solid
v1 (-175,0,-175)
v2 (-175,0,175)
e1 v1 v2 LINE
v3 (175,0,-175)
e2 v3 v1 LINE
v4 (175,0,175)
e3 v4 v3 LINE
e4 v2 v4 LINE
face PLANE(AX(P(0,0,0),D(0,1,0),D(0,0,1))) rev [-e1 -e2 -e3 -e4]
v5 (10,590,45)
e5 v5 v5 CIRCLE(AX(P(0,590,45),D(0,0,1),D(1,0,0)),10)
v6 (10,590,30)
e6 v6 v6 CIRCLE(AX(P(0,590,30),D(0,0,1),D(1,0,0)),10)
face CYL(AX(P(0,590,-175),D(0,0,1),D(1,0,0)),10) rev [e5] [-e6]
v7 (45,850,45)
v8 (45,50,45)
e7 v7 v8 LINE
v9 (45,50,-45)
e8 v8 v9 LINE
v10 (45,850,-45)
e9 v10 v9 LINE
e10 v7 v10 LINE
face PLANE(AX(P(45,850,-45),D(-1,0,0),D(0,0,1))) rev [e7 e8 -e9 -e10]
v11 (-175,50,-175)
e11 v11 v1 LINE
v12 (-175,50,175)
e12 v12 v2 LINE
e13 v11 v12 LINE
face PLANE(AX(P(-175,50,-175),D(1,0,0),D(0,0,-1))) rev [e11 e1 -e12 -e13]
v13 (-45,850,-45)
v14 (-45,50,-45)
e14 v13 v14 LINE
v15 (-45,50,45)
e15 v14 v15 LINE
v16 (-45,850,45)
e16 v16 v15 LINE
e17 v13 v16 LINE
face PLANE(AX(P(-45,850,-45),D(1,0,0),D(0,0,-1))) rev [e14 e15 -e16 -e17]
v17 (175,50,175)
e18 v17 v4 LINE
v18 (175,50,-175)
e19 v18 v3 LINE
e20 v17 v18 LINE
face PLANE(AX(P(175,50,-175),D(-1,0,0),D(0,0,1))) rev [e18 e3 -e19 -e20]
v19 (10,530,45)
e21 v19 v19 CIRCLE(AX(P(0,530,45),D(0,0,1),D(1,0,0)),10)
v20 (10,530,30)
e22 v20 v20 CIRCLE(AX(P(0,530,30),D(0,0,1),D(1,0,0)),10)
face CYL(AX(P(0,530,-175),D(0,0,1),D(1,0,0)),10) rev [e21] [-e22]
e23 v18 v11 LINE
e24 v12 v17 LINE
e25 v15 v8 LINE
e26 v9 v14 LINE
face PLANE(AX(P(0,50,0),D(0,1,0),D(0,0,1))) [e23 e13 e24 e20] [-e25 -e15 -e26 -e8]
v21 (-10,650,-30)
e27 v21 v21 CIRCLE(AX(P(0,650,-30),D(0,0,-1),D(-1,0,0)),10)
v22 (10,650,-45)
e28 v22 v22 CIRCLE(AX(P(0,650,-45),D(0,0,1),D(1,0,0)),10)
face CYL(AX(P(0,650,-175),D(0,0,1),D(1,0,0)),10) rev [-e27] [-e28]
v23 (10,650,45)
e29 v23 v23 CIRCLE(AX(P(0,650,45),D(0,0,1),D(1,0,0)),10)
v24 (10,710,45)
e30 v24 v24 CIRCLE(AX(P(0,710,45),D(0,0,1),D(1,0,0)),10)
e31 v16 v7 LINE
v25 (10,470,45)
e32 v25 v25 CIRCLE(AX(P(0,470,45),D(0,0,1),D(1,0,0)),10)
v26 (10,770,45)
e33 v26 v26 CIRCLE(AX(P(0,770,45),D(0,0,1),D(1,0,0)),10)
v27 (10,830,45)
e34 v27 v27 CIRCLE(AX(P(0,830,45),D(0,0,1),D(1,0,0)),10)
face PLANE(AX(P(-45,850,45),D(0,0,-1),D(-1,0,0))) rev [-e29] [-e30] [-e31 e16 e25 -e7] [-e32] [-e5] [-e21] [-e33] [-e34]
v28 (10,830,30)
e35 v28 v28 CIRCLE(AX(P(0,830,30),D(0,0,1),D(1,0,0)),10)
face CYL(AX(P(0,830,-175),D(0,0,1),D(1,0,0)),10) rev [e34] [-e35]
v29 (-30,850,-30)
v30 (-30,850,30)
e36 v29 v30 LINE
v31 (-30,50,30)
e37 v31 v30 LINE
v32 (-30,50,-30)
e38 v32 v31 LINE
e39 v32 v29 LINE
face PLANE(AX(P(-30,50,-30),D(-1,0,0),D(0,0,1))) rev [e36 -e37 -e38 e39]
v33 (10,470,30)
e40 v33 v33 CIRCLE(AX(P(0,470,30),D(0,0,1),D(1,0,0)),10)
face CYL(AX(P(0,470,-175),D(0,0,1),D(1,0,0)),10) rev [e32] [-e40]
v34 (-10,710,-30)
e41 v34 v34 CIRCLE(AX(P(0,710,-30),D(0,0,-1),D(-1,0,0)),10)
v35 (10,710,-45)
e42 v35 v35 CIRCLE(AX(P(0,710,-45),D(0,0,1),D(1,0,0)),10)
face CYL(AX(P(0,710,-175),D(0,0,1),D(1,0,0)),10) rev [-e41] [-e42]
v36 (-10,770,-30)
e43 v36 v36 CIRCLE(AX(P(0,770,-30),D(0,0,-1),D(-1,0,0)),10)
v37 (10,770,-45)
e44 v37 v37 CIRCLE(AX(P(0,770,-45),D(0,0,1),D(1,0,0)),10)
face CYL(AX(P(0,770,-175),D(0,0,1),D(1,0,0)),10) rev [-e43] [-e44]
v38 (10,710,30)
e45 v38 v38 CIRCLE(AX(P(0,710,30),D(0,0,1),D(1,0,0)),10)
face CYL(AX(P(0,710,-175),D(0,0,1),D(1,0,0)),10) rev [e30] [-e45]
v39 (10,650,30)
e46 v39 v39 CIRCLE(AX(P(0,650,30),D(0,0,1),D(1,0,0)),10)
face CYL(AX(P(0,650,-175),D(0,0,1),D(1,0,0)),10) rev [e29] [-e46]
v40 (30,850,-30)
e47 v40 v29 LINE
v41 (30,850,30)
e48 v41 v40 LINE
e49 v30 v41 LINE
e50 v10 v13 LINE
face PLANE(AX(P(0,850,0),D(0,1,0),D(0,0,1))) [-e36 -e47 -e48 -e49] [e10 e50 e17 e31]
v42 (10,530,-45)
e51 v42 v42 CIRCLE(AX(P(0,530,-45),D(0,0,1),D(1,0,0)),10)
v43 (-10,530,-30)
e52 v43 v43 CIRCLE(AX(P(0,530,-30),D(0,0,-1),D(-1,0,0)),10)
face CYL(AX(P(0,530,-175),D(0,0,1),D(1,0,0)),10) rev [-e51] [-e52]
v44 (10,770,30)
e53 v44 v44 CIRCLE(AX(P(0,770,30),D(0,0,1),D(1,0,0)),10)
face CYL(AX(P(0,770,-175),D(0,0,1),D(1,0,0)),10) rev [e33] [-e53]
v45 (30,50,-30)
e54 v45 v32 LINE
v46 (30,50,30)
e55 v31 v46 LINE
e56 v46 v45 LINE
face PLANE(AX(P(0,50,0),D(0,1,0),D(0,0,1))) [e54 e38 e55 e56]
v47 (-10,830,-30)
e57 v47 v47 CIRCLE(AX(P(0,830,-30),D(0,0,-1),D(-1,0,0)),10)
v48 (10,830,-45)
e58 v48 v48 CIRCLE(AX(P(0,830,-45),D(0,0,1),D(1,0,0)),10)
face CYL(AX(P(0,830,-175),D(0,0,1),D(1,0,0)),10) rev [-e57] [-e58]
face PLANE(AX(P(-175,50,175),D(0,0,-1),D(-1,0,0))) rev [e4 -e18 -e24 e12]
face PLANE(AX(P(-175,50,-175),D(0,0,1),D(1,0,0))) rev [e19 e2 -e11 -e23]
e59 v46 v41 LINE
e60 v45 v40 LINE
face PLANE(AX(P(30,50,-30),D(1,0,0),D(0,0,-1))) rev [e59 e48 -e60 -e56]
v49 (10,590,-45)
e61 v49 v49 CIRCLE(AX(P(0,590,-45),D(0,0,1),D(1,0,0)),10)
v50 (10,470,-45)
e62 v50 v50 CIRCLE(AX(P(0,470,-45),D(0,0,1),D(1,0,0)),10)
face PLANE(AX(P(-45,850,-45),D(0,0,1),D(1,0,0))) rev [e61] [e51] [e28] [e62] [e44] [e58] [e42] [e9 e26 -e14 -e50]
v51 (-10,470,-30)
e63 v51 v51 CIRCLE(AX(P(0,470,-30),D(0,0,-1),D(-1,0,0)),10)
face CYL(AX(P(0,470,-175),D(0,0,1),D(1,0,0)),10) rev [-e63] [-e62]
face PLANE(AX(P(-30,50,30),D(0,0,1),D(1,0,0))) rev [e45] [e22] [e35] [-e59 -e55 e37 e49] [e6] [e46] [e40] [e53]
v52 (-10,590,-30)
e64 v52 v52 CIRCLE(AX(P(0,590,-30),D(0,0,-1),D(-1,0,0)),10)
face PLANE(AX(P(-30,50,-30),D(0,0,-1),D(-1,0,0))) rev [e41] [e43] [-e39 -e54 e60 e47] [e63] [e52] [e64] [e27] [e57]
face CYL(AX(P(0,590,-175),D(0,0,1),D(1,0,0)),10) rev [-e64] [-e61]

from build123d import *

# Parameters (mm, degrees)
SKETCH1_W           = 350
SKETCH1_H           = 350
BOSS_EXTRUDE1_DEPTH = 50
SKETCH2_W           = 90
SKETCH2_H           = 90
BOSS_EXTRUDE2_DEPTH = 800
SKETCH3_W           = 60
SKETCH3_H           = 60
CUT_EXTRUDE1_DEPTH  = 800
SKETCH4_R           = 10
CUT_EXTRUDE3_DEPTH  = 221


with BuildPart() as part:
    # Sketch1 → Boss-Extrude1 (new body)
    with BuildSketch(Plane(origin=(0, 0, 0), x_dir=(1, 0, 0), z_dir=(0, 1, 0))):
        Rectangle(SKETCH1_W, SKETCH1_H)
    extrude(amount=BOSS_EXTRUDE1_DEPTH)

    # Sketch2 → Boss-Extrude2 (add)
    with BuildSketch(Plane(origin=(0, 50, 0), x_dir=(1, 0, 0), z_dir=(0, 1, 0))):
        Rectangle(SKETCH2_W, SKETCH2_H)
    extrude(amount=BOSS_EXTRUDE2_DEPTH)

    # Sketch3 → Cut-Extrude1 (cut)
    with BuildSketch(Plane(origin=(0, 850, 0), x_dir=(1, 0, 0), z_dir=(0, 1, 0))):
        Rectangle(SKETCH3_W, SKETCH3_H)
    extrude(amount=-CUT_EXTRUDE1_DEPTH, mode=Mode.SUBTRACT)

    # Sketch4 → Cut-Extrude3 (cut, through all)
    with BuildSketch(Plane.XY.offset(45)):
        with Locations((0, 830)):
            Circle(SKETCH4_R)
        with Locations((0, 770)):
            Circle(SKETCH4_R)
        with Locations((0, 710)):
            Circle(SKETCH4_R)
        with Locations((0, 650)):
            Circle(SKETCH4_R)
        with Locations((0, 590)):
            Circle(SKETCH4_R)
        with Locations((0, 530)):
            Circle(SKETCH4_R)
        with Locations((0, 470)):
            Circle(SKETCH4_R)
    extrude(amount=-CUT_EXTRUDE3_DEPTH, mode=Mode.SUBTRACT)


solid = part.part
